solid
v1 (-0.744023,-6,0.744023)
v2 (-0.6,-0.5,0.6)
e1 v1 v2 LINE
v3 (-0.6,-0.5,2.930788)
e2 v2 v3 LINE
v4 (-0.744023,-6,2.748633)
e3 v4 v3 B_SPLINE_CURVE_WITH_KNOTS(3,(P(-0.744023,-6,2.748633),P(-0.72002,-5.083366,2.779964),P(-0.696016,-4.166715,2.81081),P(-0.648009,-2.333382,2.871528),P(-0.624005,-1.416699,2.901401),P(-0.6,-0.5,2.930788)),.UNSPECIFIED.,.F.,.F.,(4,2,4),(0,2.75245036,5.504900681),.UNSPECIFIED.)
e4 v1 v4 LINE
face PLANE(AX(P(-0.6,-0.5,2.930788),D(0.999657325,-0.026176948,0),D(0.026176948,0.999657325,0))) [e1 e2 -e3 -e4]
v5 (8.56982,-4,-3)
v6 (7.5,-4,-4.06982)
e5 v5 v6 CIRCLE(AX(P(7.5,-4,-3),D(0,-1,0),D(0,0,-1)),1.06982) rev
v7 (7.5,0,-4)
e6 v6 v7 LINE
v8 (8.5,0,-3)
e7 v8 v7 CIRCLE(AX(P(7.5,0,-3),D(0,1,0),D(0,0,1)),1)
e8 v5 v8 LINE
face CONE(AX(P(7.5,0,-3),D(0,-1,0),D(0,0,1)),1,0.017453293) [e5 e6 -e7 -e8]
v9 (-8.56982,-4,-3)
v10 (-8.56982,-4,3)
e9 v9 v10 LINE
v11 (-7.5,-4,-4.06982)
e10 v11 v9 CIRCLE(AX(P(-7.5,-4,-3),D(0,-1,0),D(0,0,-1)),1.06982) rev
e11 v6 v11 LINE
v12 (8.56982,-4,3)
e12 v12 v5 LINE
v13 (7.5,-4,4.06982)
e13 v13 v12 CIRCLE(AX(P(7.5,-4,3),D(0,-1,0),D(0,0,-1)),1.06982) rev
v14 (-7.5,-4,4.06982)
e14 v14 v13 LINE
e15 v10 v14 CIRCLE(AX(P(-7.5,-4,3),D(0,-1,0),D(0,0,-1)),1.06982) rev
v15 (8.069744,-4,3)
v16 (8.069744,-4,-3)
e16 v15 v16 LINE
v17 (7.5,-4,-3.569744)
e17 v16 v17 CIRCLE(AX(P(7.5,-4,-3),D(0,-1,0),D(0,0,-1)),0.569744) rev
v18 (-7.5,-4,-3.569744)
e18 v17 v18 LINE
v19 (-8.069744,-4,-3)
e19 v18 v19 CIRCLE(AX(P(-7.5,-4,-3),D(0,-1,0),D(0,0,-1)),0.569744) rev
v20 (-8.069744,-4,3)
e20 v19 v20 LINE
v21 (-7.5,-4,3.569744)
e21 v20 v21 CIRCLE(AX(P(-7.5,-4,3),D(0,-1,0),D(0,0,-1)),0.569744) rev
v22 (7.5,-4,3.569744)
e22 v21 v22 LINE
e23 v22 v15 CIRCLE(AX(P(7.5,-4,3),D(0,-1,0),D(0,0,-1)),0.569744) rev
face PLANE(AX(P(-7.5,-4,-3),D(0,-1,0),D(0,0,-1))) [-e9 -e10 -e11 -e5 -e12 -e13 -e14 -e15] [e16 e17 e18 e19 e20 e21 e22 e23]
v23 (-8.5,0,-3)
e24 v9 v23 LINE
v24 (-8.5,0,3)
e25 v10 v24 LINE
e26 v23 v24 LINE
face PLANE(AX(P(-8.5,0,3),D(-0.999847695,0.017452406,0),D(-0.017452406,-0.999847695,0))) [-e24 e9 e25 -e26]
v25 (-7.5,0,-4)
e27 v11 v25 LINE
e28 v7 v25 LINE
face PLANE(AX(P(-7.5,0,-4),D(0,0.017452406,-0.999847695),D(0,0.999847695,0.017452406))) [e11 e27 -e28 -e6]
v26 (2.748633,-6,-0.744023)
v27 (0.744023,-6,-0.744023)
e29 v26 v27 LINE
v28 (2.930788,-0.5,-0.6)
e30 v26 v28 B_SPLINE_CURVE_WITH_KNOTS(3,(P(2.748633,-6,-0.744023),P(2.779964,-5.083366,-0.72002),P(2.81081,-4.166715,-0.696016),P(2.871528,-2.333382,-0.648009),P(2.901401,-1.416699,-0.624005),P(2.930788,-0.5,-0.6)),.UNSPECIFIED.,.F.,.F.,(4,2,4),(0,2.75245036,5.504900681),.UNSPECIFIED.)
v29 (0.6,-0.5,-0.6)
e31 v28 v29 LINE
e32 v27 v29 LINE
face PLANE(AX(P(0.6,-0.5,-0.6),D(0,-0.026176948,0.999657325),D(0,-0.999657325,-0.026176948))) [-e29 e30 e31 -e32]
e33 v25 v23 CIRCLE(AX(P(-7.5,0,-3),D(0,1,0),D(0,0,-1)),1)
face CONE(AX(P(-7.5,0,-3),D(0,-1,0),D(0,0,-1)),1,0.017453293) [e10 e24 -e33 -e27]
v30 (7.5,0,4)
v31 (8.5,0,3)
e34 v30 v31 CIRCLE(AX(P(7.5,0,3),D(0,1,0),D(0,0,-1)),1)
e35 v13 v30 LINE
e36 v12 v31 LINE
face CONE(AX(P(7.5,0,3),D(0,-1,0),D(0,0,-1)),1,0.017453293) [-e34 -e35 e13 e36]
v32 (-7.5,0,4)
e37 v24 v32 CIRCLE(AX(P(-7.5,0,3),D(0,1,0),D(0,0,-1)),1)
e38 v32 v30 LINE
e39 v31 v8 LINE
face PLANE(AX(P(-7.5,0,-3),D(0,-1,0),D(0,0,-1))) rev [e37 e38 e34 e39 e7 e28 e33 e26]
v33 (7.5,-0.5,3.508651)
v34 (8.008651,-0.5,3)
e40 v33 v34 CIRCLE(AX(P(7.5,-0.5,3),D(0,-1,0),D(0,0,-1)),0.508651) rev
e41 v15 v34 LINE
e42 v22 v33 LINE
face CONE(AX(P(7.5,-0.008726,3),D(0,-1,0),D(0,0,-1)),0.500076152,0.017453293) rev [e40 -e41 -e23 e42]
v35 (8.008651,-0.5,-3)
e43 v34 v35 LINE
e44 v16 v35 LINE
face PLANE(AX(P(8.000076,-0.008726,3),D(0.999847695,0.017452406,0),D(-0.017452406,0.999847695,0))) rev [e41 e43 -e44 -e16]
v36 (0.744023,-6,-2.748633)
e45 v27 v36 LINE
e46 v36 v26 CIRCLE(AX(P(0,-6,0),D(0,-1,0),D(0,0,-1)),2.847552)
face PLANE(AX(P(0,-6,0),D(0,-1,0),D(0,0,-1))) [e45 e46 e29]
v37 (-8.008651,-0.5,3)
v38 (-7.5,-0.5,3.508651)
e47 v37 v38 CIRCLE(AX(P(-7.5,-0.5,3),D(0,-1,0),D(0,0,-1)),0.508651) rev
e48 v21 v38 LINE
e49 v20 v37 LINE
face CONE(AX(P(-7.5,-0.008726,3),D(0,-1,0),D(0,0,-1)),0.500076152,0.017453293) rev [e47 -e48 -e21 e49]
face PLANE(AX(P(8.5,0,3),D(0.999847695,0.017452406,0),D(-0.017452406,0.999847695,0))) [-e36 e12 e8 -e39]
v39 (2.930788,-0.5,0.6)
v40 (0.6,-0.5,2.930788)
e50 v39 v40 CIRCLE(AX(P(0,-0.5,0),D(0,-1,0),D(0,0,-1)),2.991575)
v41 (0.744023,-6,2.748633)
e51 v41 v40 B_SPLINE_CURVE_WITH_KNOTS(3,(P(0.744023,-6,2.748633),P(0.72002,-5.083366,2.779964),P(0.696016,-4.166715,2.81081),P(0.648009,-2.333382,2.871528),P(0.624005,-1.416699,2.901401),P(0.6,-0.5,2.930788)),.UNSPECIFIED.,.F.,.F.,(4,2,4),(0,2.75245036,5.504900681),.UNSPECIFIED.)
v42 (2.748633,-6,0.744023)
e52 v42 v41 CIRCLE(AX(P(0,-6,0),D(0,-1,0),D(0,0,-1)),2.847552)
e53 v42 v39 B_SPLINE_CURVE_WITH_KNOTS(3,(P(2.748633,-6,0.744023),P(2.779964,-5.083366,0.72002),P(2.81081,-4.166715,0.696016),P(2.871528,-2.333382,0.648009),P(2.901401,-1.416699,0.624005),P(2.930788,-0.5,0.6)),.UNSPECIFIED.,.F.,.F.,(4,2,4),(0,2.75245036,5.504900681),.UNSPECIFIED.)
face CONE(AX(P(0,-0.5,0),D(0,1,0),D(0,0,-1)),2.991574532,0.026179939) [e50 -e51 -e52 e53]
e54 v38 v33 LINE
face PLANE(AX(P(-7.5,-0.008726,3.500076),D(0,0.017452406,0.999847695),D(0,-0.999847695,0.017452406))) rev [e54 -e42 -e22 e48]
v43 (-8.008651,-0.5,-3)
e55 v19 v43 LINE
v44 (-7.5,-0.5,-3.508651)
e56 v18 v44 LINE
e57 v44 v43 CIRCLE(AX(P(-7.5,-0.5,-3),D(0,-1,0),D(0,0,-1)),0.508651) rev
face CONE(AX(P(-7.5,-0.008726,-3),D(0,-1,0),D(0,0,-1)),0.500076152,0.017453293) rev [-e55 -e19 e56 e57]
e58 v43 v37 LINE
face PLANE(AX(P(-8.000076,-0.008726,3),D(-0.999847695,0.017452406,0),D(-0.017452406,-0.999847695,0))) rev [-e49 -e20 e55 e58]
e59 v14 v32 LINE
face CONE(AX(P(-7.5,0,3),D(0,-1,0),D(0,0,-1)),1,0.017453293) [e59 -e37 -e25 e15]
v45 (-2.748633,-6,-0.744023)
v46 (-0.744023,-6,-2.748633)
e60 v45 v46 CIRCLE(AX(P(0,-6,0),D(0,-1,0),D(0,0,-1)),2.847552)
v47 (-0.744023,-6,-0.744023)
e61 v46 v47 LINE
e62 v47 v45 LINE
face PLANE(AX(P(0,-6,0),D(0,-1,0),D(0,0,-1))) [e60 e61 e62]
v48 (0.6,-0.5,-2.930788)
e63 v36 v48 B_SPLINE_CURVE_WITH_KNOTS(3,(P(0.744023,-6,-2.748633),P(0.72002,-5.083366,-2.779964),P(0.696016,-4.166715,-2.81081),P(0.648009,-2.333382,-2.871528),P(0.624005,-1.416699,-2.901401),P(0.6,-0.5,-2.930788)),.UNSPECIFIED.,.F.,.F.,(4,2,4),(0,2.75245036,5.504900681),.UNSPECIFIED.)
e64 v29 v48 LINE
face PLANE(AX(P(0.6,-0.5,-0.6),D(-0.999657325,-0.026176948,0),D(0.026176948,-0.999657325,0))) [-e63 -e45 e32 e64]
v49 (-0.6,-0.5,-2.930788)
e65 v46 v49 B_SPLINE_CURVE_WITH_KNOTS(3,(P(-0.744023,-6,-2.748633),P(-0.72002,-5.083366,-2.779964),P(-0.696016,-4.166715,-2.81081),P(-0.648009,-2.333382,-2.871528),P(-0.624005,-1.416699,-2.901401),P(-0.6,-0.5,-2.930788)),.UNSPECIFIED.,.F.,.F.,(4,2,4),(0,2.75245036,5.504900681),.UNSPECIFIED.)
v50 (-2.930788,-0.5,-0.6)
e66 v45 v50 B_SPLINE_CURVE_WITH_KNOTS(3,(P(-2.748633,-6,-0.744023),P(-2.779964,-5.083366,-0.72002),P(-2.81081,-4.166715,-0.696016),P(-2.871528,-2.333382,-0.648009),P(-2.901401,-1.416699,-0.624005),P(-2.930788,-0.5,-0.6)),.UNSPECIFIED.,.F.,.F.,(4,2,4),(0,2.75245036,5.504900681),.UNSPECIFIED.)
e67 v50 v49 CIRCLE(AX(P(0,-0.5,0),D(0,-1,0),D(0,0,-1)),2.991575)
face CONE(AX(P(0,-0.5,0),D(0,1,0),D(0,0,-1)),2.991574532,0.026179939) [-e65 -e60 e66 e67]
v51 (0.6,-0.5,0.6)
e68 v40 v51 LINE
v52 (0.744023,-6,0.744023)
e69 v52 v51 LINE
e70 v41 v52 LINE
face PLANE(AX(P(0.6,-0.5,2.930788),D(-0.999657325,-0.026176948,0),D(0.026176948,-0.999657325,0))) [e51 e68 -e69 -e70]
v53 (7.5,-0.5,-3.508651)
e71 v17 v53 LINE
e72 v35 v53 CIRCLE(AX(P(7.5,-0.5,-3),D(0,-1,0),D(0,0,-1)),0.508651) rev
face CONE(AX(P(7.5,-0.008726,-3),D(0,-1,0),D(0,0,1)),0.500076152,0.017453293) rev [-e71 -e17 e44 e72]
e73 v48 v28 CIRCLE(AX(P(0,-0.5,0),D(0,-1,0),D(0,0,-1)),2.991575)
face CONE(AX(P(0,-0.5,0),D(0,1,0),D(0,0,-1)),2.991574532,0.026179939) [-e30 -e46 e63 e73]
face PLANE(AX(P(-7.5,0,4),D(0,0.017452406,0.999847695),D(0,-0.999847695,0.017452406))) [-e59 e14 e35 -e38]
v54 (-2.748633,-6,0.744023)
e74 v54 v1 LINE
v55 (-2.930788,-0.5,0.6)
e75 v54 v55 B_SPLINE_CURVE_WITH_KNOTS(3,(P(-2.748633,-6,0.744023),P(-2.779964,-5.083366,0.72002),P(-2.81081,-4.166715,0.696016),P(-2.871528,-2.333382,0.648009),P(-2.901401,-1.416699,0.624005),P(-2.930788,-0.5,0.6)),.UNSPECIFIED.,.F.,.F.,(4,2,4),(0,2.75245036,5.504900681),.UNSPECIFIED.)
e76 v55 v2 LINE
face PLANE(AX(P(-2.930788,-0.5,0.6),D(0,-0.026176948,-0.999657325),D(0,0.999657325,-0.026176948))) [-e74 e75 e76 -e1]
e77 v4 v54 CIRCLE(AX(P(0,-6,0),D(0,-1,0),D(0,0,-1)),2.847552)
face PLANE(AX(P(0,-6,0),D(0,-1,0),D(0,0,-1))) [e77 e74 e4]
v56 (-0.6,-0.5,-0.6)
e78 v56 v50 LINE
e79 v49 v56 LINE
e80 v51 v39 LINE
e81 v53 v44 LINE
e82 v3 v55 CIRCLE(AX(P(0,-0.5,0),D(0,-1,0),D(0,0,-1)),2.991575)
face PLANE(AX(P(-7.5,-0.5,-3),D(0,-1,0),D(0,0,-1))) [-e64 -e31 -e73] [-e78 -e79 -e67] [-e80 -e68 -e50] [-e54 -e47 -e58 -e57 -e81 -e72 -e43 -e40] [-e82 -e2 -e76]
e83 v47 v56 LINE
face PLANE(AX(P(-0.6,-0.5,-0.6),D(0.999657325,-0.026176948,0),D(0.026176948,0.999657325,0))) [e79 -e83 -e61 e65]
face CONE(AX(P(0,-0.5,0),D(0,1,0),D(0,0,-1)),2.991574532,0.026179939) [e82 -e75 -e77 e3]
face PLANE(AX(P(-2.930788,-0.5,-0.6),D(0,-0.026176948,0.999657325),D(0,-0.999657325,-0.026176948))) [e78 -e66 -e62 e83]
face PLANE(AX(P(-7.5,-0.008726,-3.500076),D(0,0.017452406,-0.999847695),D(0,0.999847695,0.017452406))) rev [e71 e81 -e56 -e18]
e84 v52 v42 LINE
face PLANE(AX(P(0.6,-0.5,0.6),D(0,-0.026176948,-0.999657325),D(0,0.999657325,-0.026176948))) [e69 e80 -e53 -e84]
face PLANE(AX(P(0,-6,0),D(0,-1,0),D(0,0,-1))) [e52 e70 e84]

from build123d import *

# Parameters (mm, degrees)
BOSS_EXTRUDE1_DEPTH           = 4
BOSS_EXTRUDE1_DRAFT           = 1
SHELL1_T                      = -0.5
BOSS_EXTRUDE2_DEPTH           = 5.5
BOSS_EXTRUDE2_DRAFT           = 1.5
BOSS_EXTRUDE2_PROFILE_2_DEPTH = 5.5
BOSS_EXTRUDE2_PROFILE_2_DRAFT = 1.5
BOSS_EXTRUDE2_PROFILE_3_DEPTH = 5.5
BOSS_EXTRUDE2_PROFILE_3_DRAFT = 1.5
BOSS_EXTRUDE2_PROFILE_4_DEPTH = 5.5
BOSS_EXTRUDE2_PROFILE_4_DRAFT = 1.5


with BuildPart() as part:
    # Sketch1 → Boss-Extrude1 (with draft: the straight prism first)
    with BuildSketch(Plane(origin=(0, 0, 0), x_dir=(1, 0, 0), z_dir=(0, 1, 0))):
        with BuildLine():
            Line((-7.5, -4), (7.5, -4))
            ThreePointArc((7.5, -4), (8.207106781, -3.707106781), (8.5, -3))
            Line((8.5, -3), (8.5, 3))
            ThreePointArc((8.5, 3), (8.207106781, 3.707106781), (7.5, 4))
            Line((7.5, 4), (-7.5, 4))
            ThreePointArc((-7.5, 4), (-8.207106781, 3.707106781), (-8.5, 3))
            Line((-8.5, 3), (-8.5, -3))
            ThreePointArc((-8.5, -3), (-8.207106781, -3.707106781), (-7.5, -4))
        make_face()
    extrude(amount=-BOSS_EXTRUDE1_DEPTH)
    # Boss-Extrude1: the draft: its side faces are tilted about the plane it starts from
    boss_extrude1_sides = [part.faces().sort_by_distance(p)[0] for p in [
        (0, -2, 4),
        (8.207106781, -2, 3.707106781),
        (8.5, -2, 0),
        (8.207106781, -2, -3.707106781),
        (0, -2, -4),
        (-8.207106781, -2, -3.707106781),
        (-8.5, -2, 0),
        (-8.207106781, -2, 3.707106781),
    ]]
    draft(boss_extrude1_sides, Plane(origin=(0, 0, 0), x_dir=(1, 0, 0), z_dir=(0, 1, 0)), BOSS_EXTRUDE1_DRAFT)

    # Shell1
    shell1_openings = [part.faces().sort_by_distance(p)[0] for p in [
        (0, -4, 0),
    ]]
    offset(amount=SHELL1_T, openings=shell1_openings, kind=Kind.INTERSECTION)


with BuildPart() as boss_extrude2_tool:
    # Sketch2 → Boss-Extrude2 (with draft: the straight prism first)
    with BuildSketch(Plane.XZ.offset(0.5)):
        with BuildLine():
            ThreePointArc((-0.6, 2.93078798), (-2.115362638, 2.115362638), (-2.93078798, 0.6))
            Line((-2.93078798, 0.6), (-0.6, 0.6))
            Line((-0.6, 0.6), (-0.6, 2.93078798))
        make_face()
    extrude(amount=BOSS_EXTRUDE2_DEPTH)
    # Boss-Extrude2: the draft: its side faces are tilted about the plane it starts from
    boss_extrude2_sides = [boss_extrude2_tool.faces().sort_by_distance(p)[0] for p in [
        (-2.115362638, -3.25, 2.115362638),
        (-1.76539399, -3.25, 0.6),
        (-0.6, -3.25, 1.76539399),
    ]]
    draft(boss_extrude2_sides, Plane.XZ.offset(0.5), BOSS_EXTRUDE2_DRAFT)


with BuildPart() as part_1:
    add(part.part)

    # Boss-Extrude2: add boss_extrude2_tool
    add(boss_extrude2_tool.part)


with BuildPart() as boss_extrude2_profile_2_tool:
    # Sketch2 → Boss-Extrude2 profile 2 (with draft: the straight prism first)
    with BuildSketch(Plane.XZ.offset(0.5)):
        with BuildLine():
            ThreePointArc((-2.93078798, -0.6), (-2.115362638, -2.115362638), (-0.6, -2.93078798))
            Line((-0.6, -2.93078798), (-0.6, -0.6))
            Line((-0.6, -0.6), (-2.93078798, -0.6))
        make_face()
    extrude(amount=BOSS_EXTRUDE2_PROFILE_2_DEPTH)
    # Boss-Extrude2 profile 2: the draft: its side faces are tilted about the plane it starts from
    boss_extrude2_profile_2_sides = [boss_extrude2_profile_2_tool.faces().sort_by_distance(p)[0] for p in [
        (-2.115362638, -3.25, -2.115362638),
        (-0.6, -3.25, -1.76539399),
        (-1.76539399, -3.25, -0.6),
    ]]
    draft(boss_extrude2_profile_2_sides, Plane.XZ.offset(0.5), BOSS_EXTRUDE2_PROFILE_2_DRAFT)


with BuildPart() as part_2:
    add(part_1.part)

    # Boss-Extrude2 profile 2: add boss_extrude2_profile_2_tool
    add(boss_extrude2_profile_2_tool.part)


with BuildPart() as boss_extrude2_profile_3_tool:
    # Sketch2 → Boss-Extrude2 profile 3 (with draft: the straight prism first)
    with BuildSketch(Plane.XZ.offset(0.5)):
        with BuildLine():
            Line((0.6, 2.93078798), (0.6, 0.6))
            Line((0.6, 0.6), (2.93078798, 0.6))
            ThreePointArc((2.93078798, 0.6), (2.115362638, 2.115362638), (0.6, 2.93078798))
        make_face()
    extrude(amount=BOSS_EXTRUDE2_PROFILE_3_DEPTH)
    # Boss-Extrude2 profile 3: the draft: its side faces are tilted about the plane it starts from
    boss_extrude2_profile_3_sides = [boss_extrude2_profile_3_tool.faces().sort_by_distance(p)[0] for p in [
        (2.115362638, -3.25, 2.115362638),
        (0.6, -3.25, 1.76539399),
        (1.76539399, -3.25, 0.6),
    ]]
    draft(boss_extrude2_profile_3_sides, Plane.XZ.offset(0.5), BOSS_EXTRUDE2_PROFILE_3_DRAFT)


with BuildPart() as part_3:
    add(part_2.part)

    # Boss-Extrude2 profile 3: add boss_extrude2_profile_3_tool
    add(boss_extrude2_profile_3_tool.part)


with BuildPart() as boss_extrude2_profile_4_tool:
    # Sketch2 → Boss-Extrude2 profile 4 (with draft: the straight prism first)
    with BuildSketch(Plane.XZ.offset(0.5)):
        with BuildLine():
            Line((0.6, -0.6), (0.6, -2.93078798))
            ThreePointArc((0.6, -2.93078798), (2.115362638, -2.115362638), (2.93078798, -0.6))
            Line((2.93078798, -0.6), (0.6, -0.6))
        make_face()
    extrude(amount=BOSS_EXTRUDE2_PROFILE_4_DEPTH)
    # Boss-Extrude2 profile 4: the draft: its side faces are tilted about the plane it starts from
    boss_extrude2_profile_4_sides = [boss_extrude2_profile_4_tool.faces().sort_by_distance(p)[0] for p in [
        (1.76539399, -3.25, -0.6),
        (0.6, -3.25, -1.76539399),
        (2.115362638, -3.25, -2.115362638),
    ]]
    draft(boss_extrude2_profile_4_sides, Plane.XZ.offset(0.5), BOSS_EXTRUDE2_PROFILE_4_DRAFT)


with BuildPart() as part_4:
    add(part_3.part)

    # Boss-Extrude2 profile 4: add boss_extrude2_profile_4_tool
    add(boss_extrude2_profile_4_tool.part)


solid = part_4.part
